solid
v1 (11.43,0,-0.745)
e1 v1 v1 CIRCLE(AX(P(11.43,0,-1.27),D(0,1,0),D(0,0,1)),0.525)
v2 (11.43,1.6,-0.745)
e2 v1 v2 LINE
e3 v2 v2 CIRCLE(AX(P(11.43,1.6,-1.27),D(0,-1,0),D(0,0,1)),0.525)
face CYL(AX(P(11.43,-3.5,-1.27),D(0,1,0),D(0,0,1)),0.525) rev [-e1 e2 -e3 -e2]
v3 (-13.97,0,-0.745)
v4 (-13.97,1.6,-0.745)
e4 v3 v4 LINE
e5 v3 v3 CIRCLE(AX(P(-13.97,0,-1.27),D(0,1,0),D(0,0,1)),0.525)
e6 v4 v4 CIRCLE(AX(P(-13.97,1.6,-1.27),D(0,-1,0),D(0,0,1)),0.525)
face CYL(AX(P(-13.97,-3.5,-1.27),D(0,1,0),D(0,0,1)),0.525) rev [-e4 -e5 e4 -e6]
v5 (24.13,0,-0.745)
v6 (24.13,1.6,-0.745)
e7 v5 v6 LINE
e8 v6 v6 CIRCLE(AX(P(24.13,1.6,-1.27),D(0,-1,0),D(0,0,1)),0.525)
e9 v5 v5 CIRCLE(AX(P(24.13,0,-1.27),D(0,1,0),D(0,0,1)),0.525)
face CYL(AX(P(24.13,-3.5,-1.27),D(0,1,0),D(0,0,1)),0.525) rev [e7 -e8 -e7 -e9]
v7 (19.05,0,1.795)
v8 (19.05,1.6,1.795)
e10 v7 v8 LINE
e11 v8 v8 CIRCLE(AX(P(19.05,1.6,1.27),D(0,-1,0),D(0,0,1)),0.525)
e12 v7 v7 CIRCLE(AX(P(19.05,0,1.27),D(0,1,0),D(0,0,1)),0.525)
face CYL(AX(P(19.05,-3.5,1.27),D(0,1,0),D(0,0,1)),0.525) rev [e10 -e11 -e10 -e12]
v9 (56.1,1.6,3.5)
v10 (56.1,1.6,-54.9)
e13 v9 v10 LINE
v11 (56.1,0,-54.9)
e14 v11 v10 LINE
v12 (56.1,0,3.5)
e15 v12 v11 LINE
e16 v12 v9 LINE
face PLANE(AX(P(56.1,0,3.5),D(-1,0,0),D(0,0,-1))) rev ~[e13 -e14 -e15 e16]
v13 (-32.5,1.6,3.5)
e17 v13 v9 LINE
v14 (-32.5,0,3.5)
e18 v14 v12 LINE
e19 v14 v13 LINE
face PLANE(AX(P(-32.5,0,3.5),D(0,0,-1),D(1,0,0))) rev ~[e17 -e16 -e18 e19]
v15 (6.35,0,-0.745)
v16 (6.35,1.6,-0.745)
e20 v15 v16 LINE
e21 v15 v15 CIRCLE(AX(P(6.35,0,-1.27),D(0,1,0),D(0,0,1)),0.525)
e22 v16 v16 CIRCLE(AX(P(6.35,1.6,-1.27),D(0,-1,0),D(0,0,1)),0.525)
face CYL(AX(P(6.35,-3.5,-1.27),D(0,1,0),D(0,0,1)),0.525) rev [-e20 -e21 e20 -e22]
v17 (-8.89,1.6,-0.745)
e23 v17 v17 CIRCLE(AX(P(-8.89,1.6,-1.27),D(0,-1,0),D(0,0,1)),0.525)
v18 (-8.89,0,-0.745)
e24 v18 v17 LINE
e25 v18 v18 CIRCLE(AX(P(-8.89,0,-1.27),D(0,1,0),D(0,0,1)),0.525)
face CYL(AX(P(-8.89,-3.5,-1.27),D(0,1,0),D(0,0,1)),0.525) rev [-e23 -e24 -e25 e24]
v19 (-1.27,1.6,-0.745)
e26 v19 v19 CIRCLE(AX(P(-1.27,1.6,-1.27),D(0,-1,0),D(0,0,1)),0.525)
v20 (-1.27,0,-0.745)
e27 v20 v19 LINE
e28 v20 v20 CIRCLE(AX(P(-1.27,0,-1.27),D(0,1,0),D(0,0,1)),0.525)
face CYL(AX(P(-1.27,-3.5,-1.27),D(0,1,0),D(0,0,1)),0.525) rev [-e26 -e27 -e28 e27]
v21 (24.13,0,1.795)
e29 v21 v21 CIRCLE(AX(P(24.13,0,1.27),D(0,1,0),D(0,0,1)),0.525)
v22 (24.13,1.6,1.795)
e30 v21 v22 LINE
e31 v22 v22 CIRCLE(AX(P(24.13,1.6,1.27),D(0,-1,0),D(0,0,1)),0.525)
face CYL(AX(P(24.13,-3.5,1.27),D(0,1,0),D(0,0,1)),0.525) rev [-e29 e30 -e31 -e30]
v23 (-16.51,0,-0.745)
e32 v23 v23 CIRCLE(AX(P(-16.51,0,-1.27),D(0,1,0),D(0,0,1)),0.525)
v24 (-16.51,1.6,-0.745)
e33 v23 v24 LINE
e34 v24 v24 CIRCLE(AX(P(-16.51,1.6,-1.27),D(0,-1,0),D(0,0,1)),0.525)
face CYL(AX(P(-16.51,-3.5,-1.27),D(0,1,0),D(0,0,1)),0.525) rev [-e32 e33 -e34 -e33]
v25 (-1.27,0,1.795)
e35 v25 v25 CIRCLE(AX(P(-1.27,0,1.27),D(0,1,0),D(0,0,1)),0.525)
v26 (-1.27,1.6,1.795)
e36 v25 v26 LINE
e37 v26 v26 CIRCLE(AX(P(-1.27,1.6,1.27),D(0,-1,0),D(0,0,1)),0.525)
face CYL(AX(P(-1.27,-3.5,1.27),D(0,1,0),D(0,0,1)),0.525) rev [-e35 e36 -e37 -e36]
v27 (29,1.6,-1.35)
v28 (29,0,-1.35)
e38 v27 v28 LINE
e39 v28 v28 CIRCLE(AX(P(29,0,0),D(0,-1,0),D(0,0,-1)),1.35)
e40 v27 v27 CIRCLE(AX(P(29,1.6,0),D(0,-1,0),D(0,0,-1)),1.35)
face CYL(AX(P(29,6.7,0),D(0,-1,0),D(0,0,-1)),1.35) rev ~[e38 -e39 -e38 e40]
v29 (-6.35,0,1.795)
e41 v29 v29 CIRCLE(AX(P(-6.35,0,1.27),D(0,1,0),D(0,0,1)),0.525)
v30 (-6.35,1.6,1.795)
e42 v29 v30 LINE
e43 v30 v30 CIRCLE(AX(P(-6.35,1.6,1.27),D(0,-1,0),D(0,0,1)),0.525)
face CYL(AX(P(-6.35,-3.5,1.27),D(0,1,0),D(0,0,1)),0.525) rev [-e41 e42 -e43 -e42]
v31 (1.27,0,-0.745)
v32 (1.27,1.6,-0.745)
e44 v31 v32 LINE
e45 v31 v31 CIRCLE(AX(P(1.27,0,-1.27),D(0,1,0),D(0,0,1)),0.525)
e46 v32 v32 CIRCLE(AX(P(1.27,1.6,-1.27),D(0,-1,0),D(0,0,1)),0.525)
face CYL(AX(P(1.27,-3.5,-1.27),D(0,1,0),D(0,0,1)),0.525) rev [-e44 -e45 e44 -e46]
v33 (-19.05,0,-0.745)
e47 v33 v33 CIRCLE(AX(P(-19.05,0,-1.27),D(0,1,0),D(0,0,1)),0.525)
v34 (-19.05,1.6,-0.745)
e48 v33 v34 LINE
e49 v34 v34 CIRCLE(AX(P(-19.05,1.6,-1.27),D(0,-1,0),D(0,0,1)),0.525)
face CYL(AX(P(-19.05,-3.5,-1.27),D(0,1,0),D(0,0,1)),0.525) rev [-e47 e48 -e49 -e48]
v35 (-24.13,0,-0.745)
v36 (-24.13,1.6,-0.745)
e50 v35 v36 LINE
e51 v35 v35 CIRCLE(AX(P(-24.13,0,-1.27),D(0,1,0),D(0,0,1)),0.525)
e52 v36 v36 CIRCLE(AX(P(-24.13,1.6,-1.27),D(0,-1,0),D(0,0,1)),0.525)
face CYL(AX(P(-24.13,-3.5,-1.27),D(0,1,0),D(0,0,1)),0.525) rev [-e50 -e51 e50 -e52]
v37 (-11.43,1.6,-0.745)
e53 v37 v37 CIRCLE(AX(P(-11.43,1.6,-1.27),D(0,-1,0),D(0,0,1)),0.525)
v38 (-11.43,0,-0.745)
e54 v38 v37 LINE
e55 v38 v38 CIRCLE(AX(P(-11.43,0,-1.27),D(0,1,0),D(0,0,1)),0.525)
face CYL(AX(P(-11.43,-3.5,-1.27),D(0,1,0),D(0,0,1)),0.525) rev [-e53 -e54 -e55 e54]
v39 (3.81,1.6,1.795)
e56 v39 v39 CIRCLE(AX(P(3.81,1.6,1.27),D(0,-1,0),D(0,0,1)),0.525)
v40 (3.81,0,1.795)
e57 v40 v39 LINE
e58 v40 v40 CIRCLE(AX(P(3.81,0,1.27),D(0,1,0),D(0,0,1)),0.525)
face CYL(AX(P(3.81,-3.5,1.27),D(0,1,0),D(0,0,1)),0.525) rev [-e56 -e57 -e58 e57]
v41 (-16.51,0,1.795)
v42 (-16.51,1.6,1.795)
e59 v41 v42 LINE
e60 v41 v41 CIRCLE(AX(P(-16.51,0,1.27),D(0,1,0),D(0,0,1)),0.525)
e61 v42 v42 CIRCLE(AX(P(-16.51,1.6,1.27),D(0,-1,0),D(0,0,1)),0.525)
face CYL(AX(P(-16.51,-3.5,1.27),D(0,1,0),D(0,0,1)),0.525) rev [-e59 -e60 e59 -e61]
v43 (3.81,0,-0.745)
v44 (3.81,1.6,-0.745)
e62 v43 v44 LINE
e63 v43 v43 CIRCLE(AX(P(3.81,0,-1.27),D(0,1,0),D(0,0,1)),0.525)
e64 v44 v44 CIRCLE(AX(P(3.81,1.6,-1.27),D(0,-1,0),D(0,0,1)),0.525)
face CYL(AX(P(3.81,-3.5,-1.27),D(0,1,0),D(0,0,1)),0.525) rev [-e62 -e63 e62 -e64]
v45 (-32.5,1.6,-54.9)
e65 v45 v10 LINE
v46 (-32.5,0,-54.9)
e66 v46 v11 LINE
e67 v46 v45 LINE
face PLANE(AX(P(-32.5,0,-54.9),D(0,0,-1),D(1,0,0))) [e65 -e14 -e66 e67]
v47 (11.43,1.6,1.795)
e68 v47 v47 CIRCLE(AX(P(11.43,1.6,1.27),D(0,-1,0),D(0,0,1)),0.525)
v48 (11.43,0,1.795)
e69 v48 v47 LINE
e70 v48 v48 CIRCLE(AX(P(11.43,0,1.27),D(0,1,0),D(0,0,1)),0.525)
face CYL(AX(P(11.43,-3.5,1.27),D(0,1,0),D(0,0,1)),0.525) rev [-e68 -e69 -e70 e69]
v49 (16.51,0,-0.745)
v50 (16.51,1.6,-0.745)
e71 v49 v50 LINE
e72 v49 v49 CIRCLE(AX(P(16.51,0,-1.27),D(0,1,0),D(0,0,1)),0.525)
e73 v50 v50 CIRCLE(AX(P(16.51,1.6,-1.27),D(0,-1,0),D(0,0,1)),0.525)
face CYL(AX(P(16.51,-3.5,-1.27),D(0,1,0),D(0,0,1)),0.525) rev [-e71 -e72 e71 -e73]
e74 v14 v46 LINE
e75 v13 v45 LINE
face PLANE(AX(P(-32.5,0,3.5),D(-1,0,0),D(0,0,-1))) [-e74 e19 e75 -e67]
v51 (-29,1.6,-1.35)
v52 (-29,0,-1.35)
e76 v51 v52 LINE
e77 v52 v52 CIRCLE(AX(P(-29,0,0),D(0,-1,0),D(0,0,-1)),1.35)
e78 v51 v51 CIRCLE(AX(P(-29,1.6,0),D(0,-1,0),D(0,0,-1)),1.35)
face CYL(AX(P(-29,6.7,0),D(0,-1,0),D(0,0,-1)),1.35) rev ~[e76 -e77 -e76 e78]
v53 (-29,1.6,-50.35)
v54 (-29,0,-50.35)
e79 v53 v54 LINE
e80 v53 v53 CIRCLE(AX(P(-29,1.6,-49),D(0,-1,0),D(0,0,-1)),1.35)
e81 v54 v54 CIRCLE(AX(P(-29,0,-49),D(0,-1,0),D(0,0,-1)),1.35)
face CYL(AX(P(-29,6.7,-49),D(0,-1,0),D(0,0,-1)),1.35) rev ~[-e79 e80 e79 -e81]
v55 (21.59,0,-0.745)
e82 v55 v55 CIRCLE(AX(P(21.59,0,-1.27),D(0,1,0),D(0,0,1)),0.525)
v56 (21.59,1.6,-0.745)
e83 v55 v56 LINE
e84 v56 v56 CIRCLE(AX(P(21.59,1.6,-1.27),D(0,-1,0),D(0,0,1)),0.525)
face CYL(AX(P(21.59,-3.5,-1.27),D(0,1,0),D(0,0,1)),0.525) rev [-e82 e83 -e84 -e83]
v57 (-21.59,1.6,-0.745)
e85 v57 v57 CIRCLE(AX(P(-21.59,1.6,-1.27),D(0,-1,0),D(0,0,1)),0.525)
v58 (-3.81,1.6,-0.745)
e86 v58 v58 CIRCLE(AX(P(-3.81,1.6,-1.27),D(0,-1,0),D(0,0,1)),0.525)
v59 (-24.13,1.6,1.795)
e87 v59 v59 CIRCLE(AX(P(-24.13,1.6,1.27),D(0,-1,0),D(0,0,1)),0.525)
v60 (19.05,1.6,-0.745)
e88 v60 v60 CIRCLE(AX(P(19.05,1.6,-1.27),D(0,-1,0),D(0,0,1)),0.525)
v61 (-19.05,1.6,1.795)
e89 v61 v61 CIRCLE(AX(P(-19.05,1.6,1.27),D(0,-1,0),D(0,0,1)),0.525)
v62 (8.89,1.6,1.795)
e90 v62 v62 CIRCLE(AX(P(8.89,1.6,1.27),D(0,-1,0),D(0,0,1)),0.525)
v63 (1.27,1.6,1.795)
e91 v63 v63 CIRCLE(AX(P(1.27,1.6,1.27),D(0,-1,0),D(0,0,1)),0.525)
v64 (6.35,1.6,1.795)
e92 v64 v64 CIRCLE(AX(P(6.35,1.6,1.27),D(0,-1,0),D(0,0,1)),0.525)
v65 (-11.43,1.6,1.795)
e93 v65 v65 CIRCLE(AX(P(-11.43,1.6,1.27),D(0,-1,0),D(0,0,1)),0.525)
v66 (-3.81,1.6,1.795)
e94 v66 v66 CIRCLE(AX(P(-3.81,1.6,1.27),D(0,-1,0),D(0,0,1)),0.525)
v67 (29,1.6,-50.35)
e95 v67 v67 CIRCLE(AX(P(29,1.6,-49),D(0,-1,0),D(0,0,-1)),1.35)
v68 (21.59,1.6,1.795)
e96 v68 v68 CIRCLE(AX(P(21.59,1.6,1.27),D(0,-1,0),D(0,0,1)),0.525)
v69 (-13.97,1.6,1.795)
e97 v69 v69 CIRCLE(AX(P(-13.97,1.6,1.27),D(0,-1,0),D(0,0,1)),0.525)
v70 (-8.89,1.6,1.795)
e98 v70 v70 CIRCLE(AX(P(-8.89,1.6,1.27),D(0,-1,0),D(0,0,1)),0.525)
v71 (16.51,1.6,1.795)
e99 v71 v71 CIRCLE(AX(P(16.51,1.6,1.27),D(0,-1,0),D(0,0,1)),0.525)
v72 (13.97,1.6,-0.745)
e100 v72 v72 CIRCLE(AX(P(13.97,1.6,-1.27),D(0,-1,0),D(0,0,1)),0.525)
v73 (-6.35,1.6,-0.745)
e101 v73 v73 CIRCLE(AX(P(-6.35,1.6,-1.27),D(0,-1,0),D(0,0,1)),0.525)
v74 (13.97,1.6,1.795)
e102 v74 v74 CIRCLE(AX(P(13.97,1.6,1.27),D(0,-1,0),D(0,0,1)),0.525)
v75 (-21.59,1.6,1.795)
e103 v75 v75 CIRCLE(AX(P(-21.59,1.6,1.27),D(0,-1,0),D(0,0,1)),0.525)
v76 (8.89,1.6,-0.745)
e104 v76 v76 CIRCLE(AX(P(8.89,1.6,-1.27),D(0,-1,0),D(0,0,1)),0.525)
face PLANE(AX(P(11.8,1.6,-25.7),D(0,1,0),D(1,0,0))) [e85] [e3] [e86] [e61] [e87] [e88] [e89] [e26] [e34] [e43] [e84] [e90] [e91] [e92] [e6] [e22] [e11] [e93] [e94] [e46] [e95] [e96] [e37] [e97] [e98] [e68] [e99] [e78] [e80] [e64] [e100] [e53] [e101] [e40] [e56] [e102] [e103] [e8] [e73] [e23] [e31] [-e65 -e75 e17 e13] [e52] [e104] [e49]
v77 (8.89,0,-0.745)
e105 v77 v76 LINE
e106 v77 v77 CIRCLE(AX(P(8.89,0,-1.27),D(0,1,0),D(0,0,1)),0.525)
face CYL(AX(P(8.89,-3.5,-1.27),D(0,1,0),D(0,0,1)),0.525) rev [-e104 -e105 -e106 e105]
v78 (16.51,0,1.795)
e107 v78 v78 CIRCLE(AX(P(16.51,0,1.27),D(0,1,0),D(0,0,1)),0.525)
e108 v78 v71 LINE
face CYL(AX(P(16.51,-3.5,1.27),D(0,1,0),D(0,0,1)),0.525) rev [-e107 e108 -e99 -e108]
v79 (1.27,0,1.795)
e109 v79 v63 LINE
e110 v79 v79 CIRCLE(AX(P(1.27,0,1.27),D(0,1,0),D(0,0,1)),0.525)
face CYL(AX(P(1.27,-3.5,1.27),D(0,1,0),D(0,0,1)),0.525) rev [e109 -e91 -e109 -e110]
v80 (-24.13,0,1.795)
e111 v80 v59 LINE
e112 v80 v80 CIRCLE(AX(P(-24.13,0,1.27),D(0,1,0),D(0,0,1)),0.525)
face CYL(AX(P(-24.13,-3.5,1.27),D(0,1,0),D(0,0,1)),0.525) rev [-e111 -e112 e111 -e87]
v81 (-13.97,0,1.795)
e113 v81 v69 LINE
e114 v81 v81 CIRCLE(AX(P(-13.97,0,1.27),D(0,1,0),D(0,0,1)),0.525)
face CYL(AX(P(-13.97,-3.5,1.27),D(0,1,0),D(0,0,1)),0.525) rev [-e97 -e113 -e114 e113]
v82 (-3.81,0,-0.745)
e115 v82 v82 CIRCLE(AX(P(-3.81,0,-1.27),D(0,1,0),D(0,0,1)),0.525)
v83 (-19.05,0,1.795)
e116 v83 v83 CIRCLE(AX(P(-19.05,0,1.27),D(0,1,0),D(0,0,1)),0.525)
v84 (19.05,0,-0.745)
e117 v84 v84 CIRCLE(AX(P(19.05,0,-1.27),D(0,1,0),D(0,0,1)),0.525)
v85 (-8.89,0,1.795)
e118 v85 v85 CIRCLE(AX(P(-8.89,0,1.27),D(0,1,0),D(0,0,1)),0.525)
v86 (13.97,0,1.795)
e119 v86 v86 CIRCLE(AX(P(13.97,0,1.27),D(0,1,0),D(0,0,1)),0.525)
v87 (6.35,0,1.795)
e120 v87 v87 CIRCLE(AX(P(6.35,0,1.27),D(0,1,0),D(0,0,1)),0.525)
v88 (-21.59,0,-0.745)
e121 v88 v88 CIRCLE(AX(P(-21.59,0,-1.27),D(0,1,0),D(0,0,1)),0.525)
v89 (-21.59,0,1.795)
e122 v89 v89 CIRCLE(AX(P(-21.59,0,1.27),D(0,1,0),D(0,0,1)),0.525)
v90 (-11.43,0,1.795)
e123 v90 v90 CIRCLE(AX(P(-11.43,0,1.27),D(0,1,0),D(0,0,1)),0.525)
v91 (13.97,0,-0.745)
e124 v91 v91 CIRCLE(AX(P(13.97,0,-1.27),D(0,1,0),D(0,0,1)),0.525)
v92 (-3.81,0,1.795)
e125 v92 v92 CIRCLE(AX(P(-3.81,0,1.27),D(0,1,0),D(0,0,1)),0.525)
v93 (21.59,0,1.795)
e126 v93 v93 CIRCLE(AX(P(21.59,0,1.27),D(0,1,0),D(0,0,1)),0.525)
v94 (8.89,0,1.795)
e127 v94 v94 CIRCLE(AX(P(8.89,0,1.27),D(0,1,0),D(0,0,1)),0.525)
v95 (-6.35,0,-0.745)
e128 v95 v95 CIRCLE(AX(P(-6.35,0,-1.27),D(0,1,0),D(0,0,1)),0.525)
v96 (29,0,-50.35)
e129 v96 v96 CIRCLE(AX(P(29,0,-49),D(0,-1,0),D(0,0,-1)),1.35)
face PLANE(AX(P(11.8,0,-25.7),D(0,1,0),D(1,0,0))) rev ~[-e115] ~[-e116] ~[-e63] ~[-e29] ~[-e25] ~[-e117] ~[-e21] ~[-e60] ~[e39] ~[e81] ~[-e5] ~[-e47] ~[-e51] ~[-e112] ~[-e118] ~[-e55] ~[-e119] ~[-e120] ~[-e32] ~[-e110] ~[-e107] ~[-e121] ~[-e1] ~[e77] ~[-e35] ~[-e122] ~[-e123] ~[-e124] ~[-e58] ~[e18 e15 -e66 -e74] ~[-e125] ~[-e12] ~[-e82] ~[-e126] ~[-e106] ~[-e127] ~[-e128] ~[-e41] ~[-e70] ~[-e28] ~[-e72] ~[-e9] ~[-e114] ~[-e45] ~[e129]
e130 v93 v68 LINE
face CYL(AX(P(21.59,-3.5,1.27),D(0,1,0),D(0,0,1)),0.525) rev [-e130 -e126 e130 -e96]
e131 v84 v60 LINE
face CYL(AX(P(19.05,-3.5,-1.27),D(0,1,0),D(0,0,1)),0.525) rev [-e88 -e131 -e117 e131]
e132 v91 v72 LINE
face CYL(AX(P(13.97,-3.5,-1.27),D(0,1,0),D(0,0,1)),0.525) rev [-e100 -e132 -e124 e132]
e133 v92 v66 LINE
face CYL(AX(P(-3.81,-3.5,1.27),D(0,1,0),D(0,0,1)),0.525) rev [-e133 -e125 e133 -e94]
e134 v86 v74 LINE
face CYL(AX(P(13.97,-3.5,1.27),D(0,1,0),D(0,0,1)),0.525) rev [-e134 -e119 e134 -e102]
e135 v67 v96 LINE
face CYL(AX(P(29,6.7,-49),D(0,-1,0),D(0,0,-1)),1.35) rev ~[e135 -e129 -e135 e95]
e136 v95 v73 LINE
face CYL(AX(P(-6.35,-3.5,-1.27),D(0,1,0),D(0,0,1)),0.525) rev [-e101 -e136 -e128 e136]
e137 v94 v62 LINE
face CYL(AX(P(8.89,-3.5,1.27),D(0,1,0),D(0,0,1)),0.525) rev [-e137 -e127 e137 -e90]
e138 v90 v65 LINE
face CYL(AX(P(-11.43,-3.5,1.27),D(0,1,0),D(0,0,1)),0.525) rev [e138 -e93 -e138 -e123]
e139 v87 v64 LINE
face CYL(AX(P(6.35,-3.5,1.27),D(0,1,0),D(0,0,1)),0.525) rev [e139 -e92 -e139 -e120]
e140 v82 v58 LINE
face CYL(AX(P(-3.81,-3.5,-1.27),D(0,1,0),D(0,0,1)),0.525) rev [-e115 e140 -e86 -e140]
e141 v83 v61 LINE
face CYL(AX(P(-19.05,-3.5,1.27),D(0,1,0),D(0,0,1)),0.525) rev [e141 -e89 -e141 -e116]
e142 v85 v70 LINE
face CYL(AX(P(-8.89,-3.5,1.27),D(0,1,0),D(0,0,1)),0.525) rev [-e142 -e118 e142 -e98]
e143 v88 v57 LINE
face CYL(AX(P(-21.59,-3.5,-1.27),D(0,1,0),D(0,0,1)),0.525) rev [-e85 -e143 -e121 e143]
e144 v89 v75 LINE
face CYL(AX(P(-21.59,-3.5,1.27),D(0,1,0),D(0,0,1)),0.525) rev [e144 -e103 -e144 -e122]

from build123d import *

# Parameters (mm, degrees)
SKETCH1_W                      = 88.6
SKETCH1_H                      = 58.4
BOSS_EXTRUDE1_DEPTH            = 1.6
F_2_7_2_7_DIAMETER_HOLE1_D     = 2.7
F_2_7_2_7_DIAMETER_HOLE1_DEPTH = 5.1
F_2_7_2_7_DIAMETER_HOLE1_TIP   = 0.811161836
LPATTERN1_COUNT                = 20
LPATTERN1_PITCH                = 2.54
LPATTERN1_COUNT_DIR2           = 2
LPATTERN1_PITCH_DIR2           = 2.54


with BuildPart() as part:
    # Sketch1 → Boss-Extrude1 (new body)
    with BuildSketch(Plane(origin=(0, 0, 0), x_dir=(1, 0, 0), z_dir=(0, 1, 0))):
        with Locations((11.8, 25.7)):
            Rectangle(SKETCH1_W, SKETCH1_H)
    extrude(amount=BOSS_EXTRUDE1_DEPTH)

    # Ø2.7 (2.7) Diameter Hole1
    with Locations(Plane(origin=(-29, 1.6, -49), x_dir=(0, 0, 1), z_dir=(0, 1, 0))):
        with Locations((0, 0), (0, 58), (49, 58), (49, 0)):
            Hole(F_2_7_2_7_DIAMETER_HOLE1_D / 2, depth=F_2_7_2_7_DIAMETER_HOLE1_DEPTH)
            with Locations((0, 0, -(F_2_7_2_7_DIAMETER_HOLE1_DEPTH + F_2_7_2_7_DIAMETER_HOLE1_TIP / 2))):  # 118° drill point
                Cone(0, F_2_7_2_7_DIAMETER_HOLE1_D / 2, F_2_7_2_7_DIAMETER_HOLE1_TIP, mode=Mode.SUBTRACT)

    # Sketch3 → Ø1.05 (1.05) Diameter Hole1 (revolve, cut)
    with BuildSketch(Plane(origin=(-24.13, 1.6, 1.27), x_dir=(0, 0, 1), z_dir=(1, 0, 0))):
        Polygon((0, 0), (0, 5.415451825), (0.525, 5.1), (0.525, 0), align=None)
    f_1_05_1_05_diameter_hole1 = revolve(axis=Axis((-24.13, 7.95, 1.27), (0, -1, 0)), mode=Mode.SUBTRACT)

    # LPattern1: 1.05 _1.05_ Diameter Hole1 20 × 2
    with Locations(*[(i * LPATTERN1_PITCH, 0, -j * LPATTERN1_PITCH_DIR2) for i in range(LPATTERN1_COUNT) for j in range(LPATTERN1_COUNT_DIR2) if (i, j) != (0, 0)]):
        add(f_1_05_1_05_diameter_hole1, mode=Mode.SUBTRACT)


solid = part.part
